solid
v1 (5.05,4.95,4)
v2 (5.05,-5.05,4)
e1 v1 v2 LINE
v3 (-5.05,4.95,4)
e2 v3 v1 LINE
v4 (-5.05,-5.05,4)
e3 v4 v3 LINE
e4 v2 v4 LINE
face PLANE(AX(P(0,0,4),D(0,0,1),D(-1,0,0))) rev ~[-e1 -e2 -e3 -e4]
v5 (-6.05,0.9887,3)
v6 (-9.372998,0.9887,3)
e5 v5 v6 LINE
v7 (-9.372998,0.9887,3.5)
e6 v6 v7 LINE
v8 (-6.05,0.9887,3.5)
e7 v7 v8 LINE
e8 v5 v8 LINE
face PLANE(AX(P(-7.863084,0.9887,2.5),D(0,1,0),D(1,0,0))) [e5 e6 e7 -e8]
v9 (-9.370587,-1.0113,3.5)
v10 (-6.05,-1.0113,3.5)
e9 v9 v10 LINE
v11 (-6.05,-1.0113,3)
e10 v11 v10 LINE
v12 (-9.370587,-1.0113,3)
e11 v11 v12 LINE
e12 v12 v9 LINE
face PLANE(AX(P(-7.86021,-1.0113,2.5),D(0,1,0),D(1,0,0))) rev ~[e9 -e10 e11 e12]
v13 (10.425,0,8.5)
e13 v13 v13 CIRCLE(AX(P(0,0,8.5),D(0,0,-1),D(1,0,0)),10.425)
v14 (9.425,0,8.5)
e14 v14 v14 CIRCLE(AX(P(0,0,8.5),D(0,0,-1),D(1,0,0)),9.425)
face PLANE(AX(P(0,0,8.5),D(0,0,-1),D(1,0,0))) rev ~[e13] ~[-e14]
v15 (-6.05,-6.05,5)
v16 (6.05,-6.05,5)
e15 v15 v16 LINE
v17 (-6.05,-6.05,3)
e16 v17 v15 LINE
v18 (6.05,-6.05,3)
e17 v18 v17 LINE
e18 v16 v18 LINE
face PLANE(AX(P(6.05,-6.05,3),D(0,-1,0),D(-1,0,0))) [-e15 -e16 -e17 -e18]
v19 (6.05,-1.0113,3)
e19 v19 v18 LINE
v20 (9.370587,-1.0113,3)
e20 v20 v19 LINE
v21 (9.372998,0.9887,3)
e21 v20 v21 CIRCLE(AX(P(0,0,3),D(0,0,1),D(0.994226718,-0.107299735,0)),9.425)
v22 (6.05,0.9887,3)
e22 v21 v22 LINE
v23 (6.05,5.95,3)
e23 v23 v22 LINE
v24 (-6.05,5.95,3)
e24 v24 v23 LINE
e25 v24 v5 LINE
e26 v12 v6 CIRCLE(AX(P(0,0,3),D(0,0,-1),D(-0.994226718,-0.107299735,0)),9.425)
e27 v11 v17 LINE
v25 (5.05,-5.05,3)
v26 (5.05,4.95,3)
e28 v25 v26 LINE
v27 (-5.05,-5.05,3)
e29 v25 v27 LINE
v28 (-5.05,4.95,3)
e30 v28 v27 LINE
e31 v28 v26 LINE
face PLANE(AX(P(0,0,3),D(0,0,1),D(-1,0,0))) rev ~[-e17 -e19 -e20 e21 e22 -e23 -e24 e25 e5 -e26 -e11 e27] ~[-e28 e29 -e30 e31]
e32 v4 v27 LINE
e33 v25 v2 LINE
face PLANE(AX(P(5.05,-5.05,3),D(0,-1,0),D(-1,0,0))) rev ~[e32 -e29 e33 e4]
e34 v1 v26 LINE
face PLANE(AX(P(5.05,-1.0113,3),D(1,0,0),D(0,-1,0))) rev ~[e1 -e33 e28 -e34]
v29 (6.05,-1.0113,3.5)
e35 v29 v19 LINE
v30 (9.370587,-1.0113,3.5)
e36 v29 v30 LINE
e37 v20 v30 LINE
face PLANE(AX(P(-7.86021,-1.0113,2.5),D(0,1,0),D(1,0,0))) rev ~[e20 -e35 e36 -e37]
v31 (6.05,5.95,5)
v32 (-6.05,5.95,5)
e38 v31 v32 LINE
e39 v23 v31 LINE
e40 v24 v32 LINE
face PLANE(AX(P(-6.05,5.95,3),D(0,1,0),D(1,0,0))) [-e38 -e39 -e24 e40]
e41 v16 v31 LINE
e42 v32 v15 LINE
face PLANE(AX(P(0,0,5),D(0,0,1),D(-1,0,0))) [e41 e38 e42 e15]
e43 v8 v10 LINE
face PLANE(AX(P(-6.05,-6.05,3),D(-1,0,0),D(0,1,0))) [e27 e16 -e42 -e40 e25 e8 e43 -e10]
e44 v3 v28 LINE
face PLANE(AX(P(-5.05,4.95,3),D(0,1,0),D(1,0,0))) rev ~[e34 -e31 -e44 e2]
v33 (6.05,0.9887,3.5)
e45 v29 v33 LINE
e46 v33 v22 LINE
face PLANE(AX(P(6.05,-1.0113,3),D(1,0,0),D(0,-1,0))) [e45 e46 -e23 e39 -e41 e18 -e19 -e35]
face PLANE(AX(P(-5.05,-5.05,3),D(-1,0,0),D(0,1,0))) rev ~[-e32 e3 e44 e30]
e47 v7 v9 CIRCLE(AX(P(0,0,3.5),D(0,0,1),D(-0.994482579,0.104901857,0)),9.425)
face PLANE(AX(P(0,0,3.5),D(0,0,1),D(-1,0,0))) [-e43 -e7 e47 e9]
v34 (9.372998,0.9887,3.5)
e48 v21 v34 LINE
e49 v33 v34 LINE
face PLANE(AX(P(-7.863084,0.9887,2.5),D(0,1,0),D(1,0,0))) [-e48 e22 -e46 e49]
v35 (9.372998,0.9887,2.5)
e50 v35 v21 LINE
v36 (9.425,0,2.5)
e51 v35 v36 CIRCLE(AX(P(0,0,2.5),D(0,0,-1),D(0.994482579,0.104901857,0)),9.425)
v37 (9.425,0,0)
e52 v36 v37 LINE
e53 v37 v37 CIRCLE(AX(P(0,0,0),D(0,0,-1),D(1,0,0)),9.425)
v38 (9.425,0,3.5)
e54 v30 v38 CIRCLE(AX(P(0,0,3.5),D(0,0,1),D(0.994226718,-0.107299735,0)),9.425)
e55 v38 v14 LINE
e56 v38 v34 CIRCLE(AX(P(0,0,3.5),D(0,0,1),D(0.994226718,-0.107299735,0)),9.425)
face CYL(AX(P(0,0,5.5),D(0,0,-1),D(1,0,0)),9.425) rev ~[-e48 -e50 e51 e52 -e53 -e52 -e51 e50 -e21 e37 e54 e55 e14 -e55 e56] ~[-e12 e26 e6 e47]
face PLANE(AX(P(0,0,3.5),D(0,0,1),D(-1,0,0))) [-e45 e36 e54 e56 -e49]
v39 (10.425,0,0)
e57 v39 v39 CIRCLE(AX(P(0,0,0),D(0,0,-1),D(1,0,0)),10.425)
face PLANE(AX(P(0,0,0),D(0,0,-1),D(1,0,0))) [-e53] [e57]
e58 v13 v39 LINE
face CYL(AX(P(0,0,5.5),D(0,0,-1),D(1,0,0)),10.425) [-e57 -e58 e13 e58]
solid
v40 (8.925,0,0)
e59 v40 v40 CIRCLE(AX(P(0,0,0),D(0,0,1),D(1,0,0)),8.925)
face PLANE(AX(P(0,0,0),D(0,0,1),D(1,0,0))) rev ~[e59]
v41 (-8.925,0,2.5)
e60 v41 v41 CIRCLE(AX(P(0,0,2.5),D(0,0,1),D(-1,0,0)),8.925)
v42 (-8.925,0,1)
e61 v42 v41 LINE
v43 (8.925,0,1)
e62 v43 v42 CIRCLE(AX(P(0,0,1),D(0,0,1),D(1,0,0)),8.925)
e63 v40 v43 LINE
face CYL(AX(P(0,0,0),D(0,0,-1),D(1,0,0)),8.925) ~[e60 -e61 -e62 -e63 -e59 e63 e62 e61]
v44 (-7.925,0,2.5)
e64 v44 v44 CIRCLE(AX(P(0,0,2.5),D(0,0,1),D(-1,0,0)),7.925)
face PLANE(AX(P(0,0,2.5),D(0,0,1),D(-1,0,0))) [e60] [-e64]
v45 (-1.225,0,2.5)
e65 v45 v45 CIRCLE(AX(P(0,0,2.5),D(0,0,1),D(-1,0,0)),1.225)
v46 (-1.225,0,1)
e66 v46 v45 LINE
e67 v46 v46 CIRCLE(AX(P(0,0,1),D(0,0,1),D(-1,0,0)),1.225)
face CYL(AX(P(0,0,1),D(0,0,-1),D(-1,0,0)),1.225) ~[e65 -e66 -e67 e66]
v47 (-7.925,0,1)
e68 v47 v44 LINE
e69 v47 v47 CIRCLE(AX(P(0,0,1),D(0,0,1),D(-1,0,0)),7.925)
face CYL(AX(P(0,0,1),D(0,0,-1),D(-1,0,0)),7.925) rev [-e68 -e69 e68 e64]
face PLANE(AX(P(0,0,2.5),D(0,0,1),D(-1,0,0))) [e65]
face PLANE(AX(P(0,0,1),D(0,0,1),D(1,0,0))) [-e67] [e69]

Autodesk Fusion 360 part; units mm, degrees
sketch "Sketch1" plane through (0, 0, 0) normal (0, 0, 1) x (1, 0, 0)
  circle A0 centre (0, 0) radius 7.925
  circle A1 centre (0, 0) radius 8.925
  dimension "d1" = 15.85
  dimension "d4" = 1
extrude "Extrude1" add sketch "Sketch1" along normal blind 1 contours A0 | A1 makes body 1
sketch "Sketch2" plane through (0, 0, 1) normal (0, 0, 1) x (-1, 0, 0)
  circle A0 centre (0, 0) radius 8.925
  circle A1 centre (0, 0) radius 7.925
  circle A2 centre (0, 0) radius 1.225
  dimension "d5" = 2.45
extrude "Extrude2" add sketch "Sketch2" along normal blind 1.5 bodies 1
sketch "Sketch1 (2)" plane through (0, 0, 0) normal (0, 0, -1) x (1, 0, 0) in component "Charger Bottom"
  circle A0 centre (0, 0) radius 8.925
  circle A1 centre (0, 0) radius 8.925
  circle A2 centre (0, 0) radius 9.425
  circle A3 centre (0, 0) radius 10.425
  dimension "d8" = 0.5
  dimension "d9" = 1.5
extrude "Extrude1'" add sketch "Sketch1 (2)" against normal blind 2.5 separate body contours A3 makes body 2 in component "Charger Bottom"
extrude "Extrude2'" add 1 faces at (10.0178, 0.9862, 2.5) along direction (0, 0, 1) blind 3 on bodies 2 bodies 2 in component "Charger Bottom"
sketch "Sketch2 (2)" plane through (0, 0, 2.5) normal (0, 0, 1) x (-1, 0, 0) in component "Charger Bottom"
  circle A0 centre (0, 0) radius 7.925
  circle A1 centre (0, 0) radius 8.925
  circle A2 centre (0, 0) radius 9.425
  circle A3 centre (0, 0) radius 10.425
  line L0 (10.425, 0.0113) -> (-10.425, 0.0113)
  line L1 (10.425, 1.0113) -> (-10.425, 1.0113)
  line L2 (10.425, -0.9887) -> (-10.425, -0.9887)
  dimension "d14" = 1
  dimension "d15" = -1
extrude "Extrude3" add sketch "Sketch2 (2)" along normal blind 1 contours A0 L0 L2 | A0 A1 L0 L2 | A0 L0 L1 | A0 A1 L0 L1 | A1 A2 L0 L2 | A1 A2 L0 L1 | A0 A1 L0 L1 | A0 A1 L0 L2 | A1 A2 L0 L1 | A1 A2 L0 L2 bodies 2 in component "Charger Bottom"
extrude "Extrude4" cut 1 faces at (3.1235, 0.322, 2.5) along direction (0, 0, 1) blind 0.5 on bodies 2 bodies 2 in component "Charger Bottom"
sketch "Sketch3" plane through (0, 0, 3) normal (0, 0, -1) x (1, 0, 0) in component "Charger Bottom"
  arc A0 (-9.3706, 1.0113) -> (-9.373, -0.9887) centre (0, 0) ccw
  line L0 (-9.373, -0.9887) -> (9.373, -0.9887)
  arc A1 (9.373, -0.9887) -> (9.3706, 1.0113) centre (0, 0) ccw
  line L1 (9.3706, 1.0113) -> (-9.3706, 1.0113)
  line L2 (0, 0) -> (0, 5.05) construction
  line L3 (0, 5.05) -> (-5.05, 5.05) construction
  line L4 (-5.05, 5.05) -> (-5.05, -4.95)
  line L5 (-5.05, -4.95) -> (5.05, -4.95)
  line L6 (5.05, -4.95) -> (5.05, 5.05)
  line L7 (5.05, 5.05) -> (-5.05, 5.05)
  line L8 (6.05, 6.05) -> (-6.05, 6.05)
  line L9 (-6.05, 6.05) -> (-6.05, -5.95)
  line L10 (-6.05, -5.95) -> (6.05, -5.95)
  line L11 (6.05, -5.95) -> (6.05, 6.05)
  dimension "d20" = 5.05
  dimension "d21" = 5.05
  dimension "d22" = 10
  dimension "d23" = 10.1
  dimension "d24" = 1
extrude "Extrude6" add sketch "Sketch3" against normal blind 1 contours L1 L4 L6 L7 L8 L9 L11 | L0 L1 L4 L9 | L0 L4 L5 L6 L9 L10 L11 | L0 L1 L6 L11 bodies 2 in component "Charger Bottom"
extrude "Extrude5" cut sketch "Sketch3" against normal blind 0.5 contours L1 L4 L6 L7 | L0 L1 L4 L6 | L0 L4 L5 L6 bodies 2 in component "Charger Bottom"
sketch "Sketch4" plane through (0, 0, 4) normal (0, 0, 1) x (-1, 0, 0) in component "Charger Bottom"
  line L0 (-5.05, 5.05) -> (5.05, 5.05)
  line L1 (5.05, 5.05) -> (5.05, -4.95)
  line L2 (5.05, -4.95) -> (-5.05, -4.95)
  line L3 (-5.05, -4.95) -> (-5.05, 5.05)
  line L4 (-6.05, 6.05) -> (-6.05, -5.95)
  line L5 (-6.05, -5.95) -> (6.05, -5.95)
  line L6 (6.05, -5.95) -> (6.05, 6.05)
  line L7 (6.05, 6.05) -> (-6.05, 6.05)
  line L8 (5.05, -4.95) -> (-5.05, -4.95)
  line L9 (5.05, 5.05) -> (5.05, -4.95)
  line L10 (-5.05, 5.05) -> (5.05, 5.05)
  line L11 (-5.05, -4.95) -> (-5.05, 5.05)
extrude "Extrude7" add sketch "Sketch4" along normal blind 1 contours L0 L1 L2 L3 L8 L9 L10 L11 | L4 L5 L6 L7 bodies 2 in component "Charger Bottom"
extrude "Extrude8" add 1 faces at (10.0178, 0.9862, 5.5) along direction (0, 0, 1) blind 3 on bodies 2 bodies 2 in component "Charger Bottom"
sketch "Sketch5" plane through (0, 0, 8.5) normal (0, 0, 1) x (-1, 0, 0) in component "Charger Bottom"
  circle A0 centre (0, 0) radius 9.425
  circle A1 centre (0, 0) radius 10.425
  circle A2 centre (0, 0) radius 9.425
component "Charger Bottom" placed x (1, 0, 0) y (0, 1, 0) z (0, 0, 1) at (0, 0, 0)
equation "d1 = ( 31.7 / 2 ) * 1 mm"
equation "d5 = ( 4.9 / 2 ) * 1 mm"
